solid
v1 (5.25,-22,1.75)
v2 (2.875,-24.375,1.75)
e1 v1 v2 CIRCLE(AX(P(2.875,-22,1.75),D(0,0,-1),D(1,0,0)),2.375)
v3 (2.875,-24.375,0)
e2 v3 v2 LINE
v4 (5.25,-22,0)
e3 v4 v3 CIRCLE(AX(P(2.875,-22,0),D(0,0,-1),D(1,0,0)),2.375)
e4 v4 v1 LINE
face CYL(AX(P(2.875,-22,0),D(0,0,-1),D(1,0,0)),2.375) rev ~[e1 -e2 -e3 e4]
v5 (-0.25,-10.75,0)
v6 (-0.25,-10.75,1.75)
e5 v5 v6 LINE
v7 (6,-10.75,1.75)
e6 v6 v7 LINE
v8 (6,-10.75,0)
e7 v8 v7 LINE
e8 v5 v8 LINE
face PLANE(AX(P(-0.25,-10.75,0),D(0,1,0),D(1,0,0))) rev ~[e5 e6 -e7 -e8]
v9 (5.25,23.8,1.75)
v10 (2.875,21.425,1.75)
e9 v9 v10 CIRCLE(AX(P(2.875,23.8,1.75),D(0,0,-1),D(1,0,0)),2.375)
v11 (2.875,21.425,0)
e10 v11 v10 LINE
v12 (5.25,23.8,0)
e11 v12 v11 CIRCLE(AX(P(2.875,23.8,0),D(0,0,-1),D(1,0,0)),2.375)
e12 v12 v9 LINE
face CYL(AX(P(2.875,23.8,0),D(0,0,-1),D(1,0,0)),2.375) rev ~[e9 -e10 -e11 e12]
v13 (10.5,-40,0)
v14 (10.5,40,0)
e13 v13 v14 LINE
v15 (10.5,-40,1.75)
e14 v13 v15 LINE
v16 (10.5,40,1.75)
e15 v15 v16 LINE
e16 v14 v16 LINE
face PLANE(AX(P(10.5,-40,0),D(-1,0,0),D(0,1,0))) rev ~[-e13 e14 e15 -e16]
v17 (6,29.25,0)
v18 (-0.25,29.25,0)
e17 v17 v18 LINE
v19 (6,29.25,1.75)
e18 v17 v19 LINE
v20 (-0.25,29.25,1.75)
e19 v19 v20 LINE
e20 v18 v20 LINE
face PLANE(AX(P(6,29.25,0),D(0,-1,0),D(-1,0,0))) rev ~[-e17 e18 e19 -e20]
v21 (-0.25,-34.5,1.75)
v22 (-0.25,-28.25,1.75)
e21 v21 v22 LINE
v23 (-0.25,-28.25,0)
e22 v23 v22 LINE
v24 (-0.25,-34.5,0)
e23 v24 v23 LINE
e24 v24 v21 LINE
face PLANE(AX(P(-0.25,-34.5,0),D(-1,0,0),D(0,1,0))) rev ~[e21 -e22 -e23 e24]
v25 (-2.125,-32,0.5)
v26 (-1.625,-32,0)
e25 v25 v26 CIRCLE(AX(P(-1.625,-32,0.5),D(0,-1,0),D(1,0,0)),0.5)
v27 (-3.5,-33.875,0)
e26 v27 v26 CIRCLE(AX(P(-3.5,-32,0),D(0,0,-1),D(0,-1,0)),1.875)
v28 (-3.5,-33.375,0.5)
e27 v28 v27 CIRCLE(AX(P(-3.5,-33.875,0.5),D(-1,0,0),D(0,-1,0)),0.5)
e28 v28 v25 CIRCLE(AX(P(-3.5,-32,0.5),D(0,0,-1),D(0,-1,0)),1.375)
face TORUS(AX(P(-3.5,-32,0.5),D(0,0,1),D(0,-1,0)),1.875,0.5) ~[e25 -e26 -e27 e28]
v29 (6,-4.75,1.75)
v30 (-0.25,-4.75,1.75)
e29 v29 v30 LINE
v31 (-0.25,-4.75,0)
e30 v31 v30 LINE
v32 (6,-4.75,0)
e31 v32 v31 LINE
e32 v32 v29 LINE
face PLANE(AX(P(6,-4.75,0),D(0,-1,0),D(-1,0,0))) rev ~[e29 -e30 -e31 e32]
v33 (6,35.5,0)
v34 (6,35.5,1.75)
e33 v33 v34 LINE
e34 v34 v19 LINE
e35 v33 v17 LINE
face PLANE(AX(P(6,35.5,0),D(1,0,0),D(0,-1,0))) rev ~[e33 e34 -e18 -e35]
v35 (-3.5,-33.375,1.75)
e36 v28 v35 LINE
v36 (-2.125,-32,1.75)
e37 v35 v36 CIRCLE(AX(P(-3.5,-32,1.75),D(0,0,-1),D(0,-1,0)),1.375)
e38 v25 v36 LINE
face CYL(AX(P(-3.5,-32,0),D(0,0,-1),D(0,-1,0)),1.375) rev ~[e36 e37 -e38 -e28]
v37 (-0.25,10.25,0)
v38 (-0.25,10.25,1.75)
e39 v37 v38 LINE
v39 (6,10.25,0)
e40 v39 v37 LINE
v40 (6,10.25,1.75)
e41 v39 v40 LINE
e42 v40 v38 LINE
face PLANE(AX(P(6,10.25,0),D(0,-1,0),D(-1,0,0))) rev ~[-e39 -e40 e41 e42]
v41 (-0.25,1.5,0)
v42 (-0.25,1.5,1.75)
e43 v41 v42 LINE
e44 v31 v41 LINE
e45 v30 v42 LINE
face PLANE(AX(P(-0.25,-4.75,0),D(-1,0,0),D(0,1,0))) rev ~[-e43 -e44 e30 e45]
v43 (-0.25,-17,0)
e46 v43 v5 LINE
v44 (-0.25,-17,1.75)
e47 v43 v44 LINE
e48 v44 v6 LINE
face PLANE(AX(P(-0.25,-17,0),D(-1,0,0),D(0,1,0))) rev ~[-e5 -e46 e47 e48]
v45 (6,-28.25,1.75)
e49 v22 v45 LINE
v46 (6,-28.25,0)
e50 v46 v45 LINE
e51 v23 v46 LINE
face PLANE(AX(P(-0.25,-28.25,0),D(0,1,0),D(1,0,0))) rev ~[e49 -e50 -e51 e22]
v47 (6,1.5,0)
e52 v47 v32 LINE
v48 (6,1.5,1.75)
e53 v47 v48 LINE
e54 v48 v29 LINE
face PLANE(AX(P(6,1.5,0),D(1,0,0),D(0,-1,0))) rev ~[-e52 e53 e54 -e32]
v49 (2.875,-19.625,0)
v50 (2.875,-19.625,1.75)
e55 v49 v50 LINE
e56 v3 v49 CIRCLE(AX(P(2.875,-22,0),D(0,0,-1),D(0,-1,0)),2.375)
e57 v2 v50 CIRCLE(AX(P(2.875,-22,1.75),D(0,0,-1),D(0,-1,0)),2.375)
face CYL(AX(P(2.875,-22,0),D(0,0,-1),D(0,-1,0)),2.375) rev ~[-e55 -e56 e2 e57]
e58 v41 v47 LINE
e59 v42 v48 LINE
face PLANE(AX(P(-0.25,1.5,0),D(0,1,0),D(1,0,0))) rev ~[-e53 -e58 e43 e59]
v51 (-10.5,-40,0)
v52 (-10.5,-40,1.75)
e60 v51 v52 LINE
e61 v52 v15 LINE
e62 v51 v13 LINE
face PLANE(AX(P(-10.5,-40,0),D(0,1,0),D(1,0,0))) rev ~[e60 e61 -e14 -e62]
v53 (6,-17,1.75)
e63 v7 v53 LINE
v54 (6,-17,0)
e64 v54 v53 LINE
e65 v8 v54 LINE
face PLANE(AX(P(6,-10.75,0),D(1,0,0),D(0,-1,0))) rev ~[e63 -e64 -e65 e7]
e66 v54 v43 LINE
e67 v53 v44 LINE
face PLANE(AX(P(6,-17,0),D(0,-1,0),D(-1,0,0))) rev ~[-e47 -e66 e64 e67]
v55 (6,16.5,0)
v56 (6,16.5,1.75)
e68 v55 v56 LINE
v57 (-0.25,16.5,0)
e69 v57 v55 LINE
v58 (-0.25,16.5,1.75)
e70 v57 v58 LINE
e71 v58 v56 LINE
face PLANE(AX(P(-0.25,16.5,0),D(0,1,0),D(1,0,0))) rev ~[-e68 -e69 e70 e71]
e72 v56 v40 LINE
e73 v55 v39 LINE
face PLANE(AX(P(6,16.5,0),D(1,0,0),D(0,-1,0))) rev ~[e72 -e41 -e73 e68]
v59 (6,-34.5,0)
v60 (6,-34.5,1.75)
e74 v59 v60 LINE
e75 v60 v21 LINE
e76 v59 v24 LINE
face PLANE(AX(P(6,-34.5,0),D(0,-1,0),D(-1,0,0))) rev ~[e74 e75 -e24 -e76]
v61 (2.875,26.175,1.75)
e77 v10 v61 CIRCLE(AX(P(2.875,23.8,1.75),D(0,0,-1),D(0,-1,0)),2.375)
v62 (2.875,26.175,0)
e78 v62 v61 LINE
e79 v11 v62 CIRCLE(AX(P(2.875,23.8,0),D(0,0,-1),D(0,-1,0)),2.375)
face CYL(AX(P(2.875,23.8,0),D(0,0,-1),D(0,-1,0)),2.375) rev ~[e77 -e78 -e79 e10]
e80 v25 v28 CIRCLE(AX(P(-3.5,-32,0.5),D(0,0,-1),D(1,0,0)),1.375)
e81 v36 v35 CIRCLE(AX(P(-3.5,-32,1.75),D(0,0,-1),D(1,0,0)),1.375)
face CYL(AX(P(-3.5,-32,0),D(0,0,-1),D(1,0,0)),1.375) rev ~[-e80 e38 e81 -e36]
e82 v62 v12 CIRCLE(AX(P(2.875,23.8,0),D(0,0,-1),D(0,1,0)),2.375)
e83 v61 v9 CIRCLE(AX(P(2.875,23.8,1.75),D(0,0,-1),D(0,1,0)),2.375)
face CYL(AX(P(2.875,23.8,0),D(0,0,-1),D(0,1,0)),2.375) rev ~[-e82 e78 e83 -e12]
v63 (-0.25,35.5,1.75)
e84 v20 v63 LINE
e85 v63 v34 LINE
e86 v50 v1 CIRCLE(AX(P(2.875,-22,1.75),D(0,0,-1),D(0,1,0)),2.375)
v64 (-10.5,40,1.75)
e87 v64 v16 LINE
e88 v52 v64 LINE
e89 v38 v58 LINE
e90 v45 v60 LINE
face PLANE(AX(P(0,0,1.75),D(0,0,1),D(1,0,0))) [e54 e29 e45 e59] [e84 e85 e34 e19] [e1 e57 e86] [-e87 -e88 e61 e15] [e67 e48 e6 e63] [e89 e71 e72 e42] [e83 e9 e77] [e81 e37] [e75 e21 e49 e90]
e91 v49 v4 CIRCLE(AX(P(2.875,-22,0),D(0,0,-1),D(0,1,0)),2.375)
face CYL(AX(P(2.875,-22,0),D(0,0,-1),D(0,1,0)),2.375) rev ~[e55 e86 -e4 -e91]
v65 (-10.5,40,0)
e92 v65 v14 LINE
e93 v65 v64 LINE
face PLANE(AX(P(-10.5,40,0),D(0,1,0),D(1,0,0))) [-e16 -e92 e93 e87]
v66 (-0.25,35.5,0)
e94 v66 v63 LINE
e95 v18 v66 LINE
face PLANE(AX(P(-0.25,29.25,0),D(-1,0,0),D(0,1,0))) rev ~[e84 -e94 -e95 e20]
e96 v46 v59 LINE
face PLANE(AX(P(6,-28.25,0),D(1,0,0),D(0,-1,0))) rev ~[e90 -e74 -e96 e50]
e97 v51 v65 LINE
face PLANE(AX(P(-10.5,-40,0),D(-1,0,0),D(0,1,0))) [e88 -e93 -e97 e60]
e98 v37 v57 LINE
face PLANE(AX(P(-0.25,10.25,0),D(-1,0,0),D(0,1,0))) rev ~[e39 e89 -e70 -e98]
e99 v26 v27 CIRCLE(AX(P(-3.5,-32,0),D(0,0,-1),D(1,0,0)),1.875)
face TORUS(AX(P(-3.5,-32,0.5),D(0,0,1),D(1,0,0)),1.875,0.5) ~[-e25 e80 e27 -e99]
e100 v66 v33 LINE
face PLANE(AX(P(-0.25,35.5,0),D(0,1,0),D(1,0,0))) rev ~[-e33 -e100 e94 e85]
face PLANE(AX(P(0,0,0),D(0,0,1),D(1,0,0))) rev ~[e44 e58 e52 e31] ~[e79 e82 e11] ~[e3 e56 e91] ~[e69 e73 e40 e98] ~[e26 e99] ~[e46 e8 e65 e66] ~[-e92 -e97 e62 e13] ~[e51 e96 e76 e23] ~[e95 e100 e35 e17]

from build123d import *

# Parameters (mm, degrees)
F0_W     = 21
F0_H     = 80
F1_DEPTH = 1.75
F2_R     = 0.5


with BuildPart() as f1:
    # F0 (on Top) → F1 (new body)
    with BuildSketch(Plane.XY):
        Rectangle(F0_W, F0_H)
        Polygon((-3.5, -38), (-8, -38), (-8, 38), (2.4113073014, 38), (2.875, 38), (8, 38), (8, 34.8211936653), (8, -25.2775736153), (8, -38), (2.875, -38), align=None, mode=Mode.SUBTRACT)
        Polygon((-8, 38), (-8, -38), (-3.5, -38), (2.875, -38), (2.875, -34.5), (-0.25, -34.5), (-0.25, -28.25), (2.875, -28.25), (2.875, -25.2775736153), (8, -25.2775736153), (8, 34.8211936653), (6, 34.8211936653), (6, 29.25), (2.875, 29.25), (2.4113073014, 29.25), (-0.25, 29.25), (-0.25, 34.8211936653), (-0.25, 35.5), (2.4113073014, 35.5), (2.4113073014, 38), align=None)
        with BuildLine():
            ThreePointArc((-2.125, -32), (-2.5277281759, -32.9722718241), (-3.5, -33.375))
            ThreePointArc((-3.5, -33.375), (-4.4722718241, -31.0277281759), (-2.125, -32))
        make_face(mode=Mode.SUBTRACT)
        with BuildLine():
            ThreePointArc((5.25, -22), (4.5543786053, -23.6793786053), (2.875, -24.375))
            ThreePointArc((2.875, -24.375), (0.5, -22), (2.875, -19.625))
            ThreePointArc((2.875, -19.625), (4.5543786053, -20.3206213947), (5.25, -22))
        make_face(mode=Mode.SUBTRACT)
        Polygon((6, -17), (2.875, -17), (-0.25, -17), (-0.25, -10.75), (6, -10.75), align=None, mode=Mode.SUBTRACT)
        Polygon((-0.25, 1.5), (2.875, 1.5), (6, 1.5), (6, -4.75), (-0.25, -4.75), align=None, mode=Mode.SUBTRACT)
        Polygon((-0.25, 16.5), (2.875, 16.5), (6, 16.5), (6, 10.25), (2.875, 10.25), (-0.25, 10.25), align=None, mode=Mode.SUBTRACT)
        with BuildLine():
            ThreePointArc((2.875, 21.425), (0.5, 23.8), (2.875, 26.175))
            ThreePointArc((2.875, 26.175), (4.5543786053, 25.4793786053), (5.25, 23.8))
            ThreePointArc((5.25, 23.8), (4.5543786053, 22.1206213947), (2.875, 21.425))
        make_face(mode=Mode.SUBTRACT)
        Polygon((2.875, -34.5), (2.875, -38), (8, -38), (8, -25.2775736153), (2.875, -25.2775736153), (2.875, -28.25), (6, -28.25), (6, -34.5), align=None)
        Polygon((8, 38), (2.875, 38), (2.875, 36.7266349494), (2.875, 35.5), (6, 35.5), (6, 34.8211936653), (8, 34.8211936653), align=None)
        Polygon((2.875, 38), (2.4113073014, 38), (2.4113073014, 35.5), (2.875, 35.5), (2.875, 36.7266349494), align=None)
    extrude(amount=F1_DEPTH)

    # F2
    f2_edges = [f1.edges().sort_by_distance(p)[0] for p in [
        (-3.5, -30.625, 0),
    ]]
    fillet(f2_edges, radius=F2_R)


solid = f1.part
